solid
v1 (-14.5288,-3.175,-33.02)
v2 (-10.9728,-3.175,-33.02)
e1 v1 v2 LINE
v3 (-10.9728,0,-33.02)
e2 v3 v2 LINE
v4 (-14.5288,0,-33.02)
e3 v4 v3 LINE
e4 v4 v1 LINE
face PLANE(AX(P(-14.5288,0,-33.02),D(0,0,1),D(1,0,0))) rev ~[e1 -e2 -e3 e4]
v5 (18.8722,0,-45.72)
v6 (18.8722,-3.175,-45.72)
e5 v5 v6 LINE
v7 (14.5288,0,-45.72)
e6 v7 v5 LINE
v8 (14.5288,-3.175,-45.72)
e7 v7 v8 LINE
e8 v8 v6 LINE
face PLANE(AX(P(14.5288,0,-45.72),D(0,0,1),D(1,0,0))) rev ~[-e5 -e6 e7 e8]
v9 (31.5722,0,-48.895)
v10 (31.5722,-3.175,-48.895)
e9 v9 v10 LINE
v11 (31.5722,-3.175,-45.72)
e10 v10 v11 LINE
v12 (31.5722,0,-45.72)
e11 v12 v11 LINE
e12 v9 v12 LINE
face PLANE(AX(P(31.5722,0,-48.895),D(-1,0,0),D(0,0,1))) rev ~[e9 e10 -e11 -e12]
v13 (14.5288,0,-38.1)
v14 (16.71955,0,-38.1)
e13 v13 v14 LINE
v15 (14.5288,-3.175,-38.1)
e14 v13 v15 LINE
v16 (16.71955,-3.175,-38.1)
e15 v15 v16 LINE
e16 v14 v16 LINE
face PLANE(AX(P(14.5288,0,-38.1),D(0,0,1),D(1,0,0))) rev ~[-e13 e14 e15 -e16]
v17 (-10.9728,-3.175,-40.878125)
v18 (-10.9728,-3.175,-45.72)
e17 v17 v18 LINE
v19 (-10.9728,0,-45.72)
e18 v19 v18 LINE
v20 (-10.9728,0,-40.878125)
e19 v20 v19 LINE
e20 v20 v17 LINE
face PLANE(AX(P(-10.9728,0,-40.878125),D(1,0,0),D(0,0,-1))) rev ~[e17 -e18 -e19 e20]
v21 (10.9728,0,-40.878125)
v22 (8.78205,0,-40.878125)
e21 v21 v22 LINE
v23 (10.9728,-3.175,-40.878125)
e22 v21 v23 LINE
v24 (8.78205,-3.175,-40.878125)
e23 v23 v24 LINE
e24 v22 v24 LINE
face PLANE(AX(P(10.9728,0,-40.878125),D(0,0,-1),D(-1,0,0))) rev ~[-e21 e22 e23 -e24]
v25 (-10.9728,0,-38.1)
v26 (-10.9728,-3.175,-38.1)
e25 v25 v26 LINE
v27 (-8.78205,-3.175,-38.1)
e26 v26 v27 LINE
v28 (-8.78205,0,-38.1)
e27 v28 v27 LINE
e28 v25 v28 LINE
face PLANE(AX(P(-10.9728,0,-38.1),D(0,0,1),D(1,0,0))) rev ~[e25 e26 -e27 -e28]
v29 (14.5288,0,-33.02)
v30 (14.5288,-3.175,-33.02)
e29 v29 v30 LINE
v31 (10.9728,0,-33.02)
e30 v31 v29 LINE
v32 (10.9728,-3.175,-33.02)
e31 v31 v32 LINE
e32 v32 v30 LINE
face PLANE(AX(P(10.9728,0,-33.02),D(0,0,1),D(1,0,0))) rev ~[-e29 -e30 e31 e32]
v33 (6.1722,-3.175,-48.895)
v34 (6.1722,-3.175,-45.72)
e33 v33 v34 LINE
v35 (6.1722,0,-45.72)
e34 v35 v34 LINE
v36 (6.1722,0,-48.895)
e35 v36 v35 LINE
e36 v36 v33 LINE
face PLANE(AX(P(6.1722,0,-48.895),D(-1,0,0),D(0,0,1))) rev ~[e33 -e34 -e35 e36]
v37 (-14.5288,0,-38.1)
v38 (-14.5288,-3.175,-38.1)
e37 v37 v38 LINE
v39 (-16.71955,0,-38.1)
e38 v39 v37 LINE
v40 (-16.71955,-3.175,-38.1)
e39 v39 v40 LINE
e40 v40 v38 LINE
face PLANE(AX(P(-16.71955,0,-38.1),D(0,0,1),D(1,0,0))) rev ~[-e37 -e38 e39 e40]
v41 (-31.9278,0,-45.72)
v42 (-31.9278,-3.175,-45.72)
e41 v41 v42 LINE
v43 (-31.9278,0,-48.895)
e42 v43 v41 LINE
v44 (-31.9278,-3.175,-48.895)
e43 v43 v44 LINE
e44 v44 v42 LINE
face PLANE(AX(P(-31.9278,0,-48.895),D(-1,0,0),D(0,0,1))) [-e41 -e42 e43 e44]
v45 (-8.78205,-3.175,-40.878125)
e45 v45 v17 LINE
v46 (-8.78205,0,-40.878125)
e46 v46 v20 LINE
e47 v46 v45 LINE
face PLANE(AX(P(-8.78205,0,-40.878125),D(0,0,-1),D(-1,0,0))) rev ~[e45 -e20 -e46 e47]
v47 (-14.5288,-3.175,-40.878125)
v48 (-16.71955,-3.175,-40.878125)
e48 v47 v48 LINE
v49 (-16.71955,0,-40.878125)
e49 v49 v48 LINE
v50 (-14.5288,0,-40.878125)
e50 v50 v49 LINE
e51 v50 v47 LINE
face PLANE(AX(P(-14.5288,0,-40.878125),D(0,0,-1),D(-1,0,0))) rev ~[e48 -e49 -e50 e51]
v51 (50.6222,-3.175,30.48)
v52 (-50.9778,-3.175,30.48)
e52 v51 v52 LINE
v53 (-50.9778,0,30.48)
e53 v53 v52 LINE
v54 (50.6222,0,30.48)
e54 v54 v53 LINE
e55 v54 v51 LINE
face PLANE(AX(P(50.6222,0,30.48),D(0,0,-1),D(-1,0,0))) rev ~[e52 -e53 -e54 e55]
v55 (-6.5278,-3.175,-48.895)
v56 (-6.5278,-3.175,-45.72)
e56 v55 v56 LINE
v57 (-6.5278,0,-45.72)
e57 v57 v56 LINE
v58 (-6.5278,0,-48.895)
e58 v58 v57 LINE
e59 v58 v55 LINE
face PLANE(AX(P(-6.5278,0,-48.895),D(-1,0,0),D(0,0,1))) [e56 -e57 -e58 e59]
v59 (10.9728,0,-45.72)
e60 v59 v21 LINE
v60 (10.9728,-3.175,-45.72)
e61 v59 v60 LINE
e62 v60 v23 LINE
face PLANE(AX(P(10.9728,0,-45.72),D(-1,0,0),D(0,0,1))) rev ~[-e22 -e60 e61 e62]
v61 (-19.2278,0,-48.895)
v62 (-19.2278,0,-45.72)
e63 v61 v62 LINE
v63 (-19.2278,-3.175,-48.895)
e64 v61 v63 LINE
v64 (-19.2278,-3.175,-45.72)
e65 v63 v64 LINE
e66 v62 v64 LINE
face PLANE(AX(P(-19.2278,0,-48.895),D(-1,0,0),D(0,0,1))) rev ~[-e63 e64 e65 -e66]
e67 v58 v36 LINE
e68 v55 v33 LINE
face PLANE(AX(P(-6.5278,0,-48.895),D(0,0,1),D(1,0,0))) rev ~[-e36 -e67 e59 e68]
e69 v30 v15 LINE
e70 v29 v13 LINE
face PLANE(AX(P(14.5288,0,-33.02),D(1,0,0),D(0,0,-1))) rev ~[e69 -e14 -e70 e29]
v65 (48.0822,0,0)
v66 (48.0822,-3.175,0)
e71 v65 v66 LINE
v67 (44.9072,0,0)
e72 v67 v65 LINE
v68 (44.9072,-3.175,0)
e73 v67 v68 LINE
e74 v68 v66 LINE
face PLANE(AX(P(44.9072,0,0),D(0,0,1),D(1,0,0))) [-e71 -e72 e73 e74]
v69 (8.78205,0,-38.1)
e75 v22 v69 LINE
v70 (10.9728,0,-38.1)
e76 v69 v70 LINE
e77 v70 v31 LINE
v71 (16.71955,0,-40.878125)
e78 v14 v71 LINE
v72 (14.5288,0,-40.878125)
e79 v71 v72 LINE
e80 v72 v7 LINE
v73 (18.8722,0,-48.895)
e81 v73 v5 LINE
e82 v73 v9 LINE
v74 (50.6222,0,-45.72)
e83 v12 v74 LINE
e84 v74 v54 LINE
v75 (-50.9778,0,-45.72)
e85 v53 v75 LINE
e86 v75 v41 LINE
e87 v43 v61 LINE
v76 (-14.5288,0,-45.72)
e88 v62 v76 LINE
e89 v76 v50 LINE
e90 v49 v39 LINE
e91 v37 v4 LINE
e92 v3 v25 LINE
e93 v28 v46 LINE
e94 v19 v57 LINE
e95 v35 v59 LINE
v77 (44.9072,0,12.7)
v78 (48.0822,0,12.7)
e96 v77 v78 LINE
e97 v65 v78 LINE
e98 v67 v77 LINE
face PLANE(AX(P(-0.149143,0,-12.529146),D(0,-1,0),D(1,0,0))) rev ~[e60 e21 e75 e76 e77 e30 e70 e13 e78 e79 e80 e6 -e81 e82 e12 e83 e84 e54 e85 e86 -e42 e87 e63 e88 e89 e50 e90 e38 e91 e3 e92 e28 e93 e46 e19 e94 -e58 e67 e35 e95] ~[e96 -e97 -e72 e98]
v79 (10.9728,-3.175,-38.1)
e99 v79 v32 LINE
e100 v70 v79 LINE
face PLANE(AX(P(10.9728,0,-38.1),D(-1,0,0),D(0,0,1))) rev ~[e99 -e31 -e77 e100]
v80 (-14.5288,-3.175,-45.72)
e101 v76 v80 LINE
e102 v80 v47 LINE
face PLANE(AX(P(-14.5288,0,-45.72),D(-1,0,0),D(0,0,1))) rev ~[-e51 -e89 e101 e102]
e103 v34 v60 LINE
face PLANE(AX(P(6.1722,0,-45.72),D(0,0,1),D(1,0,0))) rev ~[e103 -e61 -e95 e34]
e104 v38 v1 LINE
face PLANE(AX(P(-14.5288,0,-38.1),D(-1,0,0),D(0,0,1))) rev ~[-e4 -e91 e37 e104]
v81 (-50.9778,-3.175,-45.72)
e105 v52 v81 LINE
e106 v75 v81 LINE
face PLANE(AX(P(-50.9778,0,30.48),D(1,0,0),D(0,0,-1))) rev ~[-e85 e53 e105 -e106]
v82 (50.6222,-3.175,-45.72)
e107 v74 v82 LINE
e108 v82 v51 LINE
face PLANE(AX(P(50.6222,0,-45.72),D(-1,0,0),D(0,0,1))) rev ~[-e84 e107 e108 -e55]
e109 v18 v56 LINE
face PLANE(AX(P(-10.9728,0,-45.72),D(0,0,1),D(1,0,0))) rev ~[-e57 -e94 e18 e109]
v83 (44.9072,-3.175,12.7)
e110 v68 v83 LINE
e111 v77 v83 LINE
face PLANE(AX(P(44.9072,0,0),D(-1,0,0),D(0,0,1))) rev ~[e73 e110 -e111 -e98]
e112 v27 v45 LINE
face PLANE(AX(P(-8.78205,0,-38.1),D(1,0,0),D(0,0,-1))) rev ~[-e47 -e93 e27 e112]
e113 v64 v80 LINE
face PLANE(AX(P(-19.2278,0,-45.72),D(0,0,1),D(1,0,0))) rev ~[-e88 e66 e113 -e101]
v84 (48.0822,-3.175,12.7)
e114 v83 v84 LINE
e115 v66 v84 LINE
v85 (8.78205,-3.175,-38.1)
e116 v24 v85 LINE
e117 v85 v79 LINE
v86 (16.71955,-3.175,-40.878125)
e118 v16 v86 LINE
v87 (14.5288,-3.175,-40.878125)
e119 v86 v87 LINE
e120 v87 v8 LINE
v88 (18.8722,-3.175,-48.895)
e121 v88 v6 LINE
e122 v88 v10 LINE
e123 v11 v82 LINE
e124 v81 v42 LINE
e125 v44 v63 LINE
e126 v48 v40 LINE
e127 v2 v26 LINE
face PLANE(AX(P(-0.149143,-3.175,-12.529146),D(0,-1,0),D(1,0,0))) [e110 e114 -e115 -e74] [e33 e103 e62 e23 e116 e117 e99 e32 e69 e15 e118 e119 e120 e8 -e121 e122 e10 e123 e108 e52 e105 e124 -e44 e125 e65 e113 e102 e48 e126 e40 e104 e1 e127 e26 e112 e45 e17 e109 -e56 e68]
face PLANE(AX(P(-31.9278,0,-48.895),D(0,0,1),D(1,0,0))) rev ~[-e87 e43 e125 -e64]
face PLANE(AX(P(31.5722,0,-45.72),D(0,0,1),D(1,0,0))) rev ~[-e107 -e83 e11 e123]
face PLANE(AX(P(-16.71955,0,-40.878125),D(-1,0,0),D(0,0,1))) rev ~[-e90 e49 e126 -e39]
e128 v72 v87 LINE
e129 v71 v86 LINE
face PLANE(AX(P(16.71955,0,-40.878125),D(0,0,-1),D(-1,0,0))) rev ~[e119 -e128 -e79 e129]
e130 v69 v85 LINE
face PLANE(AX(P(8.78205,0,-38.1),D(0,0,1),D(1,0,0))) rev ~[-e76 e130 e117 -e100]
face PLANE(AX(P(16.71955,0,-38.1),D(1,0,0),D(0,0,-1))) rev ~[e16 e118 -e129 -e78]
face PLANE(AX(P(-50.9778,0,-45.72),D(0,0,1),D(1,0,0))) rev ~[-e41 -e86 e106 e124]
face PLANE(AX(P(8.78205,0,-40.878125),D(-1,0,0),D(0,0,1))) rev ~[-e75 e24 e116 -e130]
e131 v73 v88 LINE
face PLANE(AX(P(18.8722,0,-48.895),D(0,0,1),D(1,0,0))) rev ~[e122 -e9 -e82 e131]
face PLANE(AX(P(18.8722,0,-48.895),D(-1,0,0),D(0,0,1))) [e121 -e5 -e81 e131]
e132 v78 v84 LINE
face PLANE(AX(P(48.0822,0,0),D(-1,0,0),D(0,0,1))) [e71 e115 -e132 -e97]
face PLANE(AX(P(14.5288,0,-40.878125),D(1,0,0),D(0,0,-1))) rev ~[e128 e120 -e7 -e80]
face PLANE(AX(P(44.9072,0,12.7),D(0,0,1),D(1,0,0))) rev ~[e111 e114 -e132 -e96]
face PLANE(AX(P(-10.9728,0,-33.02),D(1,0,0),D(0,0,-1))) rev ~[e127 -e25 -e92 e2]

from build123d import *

# Parameters (mm, degrees)
F0_W     = 3.175
F0_H     = 12.7
F0_W_2   = 12.7
F0_H_2   = 3.175
F1_DEPTH = 3.175


with BuildPart() as f1:
    # F0 (on Front) → F1 (new body)
    with BuildSketch(Plane.XZ):
        Polygon((50.6222, 30.48), (-50.9778, 30.48), (-50.9778, -45.72), (-31.9278, -45.72), (-19.2278, -45.72), (-14.5288, -45.72), (-14.5288, -40.878125), (-16.71955, -40.878125), (-16.71955, -38.1), (-14.5288, -38.1), (-14.5288, -33.02), (-10.9728, -33.02), (-10.9728, -38.1), (-8.78205, -38.1), (-8.78205, -40.878125), (-10.9728, -40.878125), (-10.9728, -45.72), (-6.5278, -45.72), (6.1722, -45.72), (10.9728, -45.72), (10.9728, -40.878125), (8.78205, -40.878125), (8.78205, -38.1), (10.9728, -38.1), (10.9728, -33.02), (14.5288, -33.02), (14.5288, -38.1), (16.71955, -38.1), (16.71955, -40.878125), (14.5288, -40.878125), (14.5288, -45.72), (18.8722, -45.72), (31.5722, -45.72), (50.6222, -45.72), (50.6222, -27.178), (50.6222, -23.622), align=None)
        with Locations((46.4947, 6.35)):
            Rectangle(F0_W, F0_H, mode=Mode.SUBTRACT)
        with Locations((-25.5778, -47.3075)):
            Rectangle(F0_W_2, F0_H_2)
        with Locations((25.2222, -47.3075)):
            Rectangle(F0_W_2, F0_H_2)
        with Locations((-0.1778, -47.3075)):
            Rectangle(F0_W_2, F0_H_2)
    extrude(amount=F1_DEPTH)


solid = f1.part
